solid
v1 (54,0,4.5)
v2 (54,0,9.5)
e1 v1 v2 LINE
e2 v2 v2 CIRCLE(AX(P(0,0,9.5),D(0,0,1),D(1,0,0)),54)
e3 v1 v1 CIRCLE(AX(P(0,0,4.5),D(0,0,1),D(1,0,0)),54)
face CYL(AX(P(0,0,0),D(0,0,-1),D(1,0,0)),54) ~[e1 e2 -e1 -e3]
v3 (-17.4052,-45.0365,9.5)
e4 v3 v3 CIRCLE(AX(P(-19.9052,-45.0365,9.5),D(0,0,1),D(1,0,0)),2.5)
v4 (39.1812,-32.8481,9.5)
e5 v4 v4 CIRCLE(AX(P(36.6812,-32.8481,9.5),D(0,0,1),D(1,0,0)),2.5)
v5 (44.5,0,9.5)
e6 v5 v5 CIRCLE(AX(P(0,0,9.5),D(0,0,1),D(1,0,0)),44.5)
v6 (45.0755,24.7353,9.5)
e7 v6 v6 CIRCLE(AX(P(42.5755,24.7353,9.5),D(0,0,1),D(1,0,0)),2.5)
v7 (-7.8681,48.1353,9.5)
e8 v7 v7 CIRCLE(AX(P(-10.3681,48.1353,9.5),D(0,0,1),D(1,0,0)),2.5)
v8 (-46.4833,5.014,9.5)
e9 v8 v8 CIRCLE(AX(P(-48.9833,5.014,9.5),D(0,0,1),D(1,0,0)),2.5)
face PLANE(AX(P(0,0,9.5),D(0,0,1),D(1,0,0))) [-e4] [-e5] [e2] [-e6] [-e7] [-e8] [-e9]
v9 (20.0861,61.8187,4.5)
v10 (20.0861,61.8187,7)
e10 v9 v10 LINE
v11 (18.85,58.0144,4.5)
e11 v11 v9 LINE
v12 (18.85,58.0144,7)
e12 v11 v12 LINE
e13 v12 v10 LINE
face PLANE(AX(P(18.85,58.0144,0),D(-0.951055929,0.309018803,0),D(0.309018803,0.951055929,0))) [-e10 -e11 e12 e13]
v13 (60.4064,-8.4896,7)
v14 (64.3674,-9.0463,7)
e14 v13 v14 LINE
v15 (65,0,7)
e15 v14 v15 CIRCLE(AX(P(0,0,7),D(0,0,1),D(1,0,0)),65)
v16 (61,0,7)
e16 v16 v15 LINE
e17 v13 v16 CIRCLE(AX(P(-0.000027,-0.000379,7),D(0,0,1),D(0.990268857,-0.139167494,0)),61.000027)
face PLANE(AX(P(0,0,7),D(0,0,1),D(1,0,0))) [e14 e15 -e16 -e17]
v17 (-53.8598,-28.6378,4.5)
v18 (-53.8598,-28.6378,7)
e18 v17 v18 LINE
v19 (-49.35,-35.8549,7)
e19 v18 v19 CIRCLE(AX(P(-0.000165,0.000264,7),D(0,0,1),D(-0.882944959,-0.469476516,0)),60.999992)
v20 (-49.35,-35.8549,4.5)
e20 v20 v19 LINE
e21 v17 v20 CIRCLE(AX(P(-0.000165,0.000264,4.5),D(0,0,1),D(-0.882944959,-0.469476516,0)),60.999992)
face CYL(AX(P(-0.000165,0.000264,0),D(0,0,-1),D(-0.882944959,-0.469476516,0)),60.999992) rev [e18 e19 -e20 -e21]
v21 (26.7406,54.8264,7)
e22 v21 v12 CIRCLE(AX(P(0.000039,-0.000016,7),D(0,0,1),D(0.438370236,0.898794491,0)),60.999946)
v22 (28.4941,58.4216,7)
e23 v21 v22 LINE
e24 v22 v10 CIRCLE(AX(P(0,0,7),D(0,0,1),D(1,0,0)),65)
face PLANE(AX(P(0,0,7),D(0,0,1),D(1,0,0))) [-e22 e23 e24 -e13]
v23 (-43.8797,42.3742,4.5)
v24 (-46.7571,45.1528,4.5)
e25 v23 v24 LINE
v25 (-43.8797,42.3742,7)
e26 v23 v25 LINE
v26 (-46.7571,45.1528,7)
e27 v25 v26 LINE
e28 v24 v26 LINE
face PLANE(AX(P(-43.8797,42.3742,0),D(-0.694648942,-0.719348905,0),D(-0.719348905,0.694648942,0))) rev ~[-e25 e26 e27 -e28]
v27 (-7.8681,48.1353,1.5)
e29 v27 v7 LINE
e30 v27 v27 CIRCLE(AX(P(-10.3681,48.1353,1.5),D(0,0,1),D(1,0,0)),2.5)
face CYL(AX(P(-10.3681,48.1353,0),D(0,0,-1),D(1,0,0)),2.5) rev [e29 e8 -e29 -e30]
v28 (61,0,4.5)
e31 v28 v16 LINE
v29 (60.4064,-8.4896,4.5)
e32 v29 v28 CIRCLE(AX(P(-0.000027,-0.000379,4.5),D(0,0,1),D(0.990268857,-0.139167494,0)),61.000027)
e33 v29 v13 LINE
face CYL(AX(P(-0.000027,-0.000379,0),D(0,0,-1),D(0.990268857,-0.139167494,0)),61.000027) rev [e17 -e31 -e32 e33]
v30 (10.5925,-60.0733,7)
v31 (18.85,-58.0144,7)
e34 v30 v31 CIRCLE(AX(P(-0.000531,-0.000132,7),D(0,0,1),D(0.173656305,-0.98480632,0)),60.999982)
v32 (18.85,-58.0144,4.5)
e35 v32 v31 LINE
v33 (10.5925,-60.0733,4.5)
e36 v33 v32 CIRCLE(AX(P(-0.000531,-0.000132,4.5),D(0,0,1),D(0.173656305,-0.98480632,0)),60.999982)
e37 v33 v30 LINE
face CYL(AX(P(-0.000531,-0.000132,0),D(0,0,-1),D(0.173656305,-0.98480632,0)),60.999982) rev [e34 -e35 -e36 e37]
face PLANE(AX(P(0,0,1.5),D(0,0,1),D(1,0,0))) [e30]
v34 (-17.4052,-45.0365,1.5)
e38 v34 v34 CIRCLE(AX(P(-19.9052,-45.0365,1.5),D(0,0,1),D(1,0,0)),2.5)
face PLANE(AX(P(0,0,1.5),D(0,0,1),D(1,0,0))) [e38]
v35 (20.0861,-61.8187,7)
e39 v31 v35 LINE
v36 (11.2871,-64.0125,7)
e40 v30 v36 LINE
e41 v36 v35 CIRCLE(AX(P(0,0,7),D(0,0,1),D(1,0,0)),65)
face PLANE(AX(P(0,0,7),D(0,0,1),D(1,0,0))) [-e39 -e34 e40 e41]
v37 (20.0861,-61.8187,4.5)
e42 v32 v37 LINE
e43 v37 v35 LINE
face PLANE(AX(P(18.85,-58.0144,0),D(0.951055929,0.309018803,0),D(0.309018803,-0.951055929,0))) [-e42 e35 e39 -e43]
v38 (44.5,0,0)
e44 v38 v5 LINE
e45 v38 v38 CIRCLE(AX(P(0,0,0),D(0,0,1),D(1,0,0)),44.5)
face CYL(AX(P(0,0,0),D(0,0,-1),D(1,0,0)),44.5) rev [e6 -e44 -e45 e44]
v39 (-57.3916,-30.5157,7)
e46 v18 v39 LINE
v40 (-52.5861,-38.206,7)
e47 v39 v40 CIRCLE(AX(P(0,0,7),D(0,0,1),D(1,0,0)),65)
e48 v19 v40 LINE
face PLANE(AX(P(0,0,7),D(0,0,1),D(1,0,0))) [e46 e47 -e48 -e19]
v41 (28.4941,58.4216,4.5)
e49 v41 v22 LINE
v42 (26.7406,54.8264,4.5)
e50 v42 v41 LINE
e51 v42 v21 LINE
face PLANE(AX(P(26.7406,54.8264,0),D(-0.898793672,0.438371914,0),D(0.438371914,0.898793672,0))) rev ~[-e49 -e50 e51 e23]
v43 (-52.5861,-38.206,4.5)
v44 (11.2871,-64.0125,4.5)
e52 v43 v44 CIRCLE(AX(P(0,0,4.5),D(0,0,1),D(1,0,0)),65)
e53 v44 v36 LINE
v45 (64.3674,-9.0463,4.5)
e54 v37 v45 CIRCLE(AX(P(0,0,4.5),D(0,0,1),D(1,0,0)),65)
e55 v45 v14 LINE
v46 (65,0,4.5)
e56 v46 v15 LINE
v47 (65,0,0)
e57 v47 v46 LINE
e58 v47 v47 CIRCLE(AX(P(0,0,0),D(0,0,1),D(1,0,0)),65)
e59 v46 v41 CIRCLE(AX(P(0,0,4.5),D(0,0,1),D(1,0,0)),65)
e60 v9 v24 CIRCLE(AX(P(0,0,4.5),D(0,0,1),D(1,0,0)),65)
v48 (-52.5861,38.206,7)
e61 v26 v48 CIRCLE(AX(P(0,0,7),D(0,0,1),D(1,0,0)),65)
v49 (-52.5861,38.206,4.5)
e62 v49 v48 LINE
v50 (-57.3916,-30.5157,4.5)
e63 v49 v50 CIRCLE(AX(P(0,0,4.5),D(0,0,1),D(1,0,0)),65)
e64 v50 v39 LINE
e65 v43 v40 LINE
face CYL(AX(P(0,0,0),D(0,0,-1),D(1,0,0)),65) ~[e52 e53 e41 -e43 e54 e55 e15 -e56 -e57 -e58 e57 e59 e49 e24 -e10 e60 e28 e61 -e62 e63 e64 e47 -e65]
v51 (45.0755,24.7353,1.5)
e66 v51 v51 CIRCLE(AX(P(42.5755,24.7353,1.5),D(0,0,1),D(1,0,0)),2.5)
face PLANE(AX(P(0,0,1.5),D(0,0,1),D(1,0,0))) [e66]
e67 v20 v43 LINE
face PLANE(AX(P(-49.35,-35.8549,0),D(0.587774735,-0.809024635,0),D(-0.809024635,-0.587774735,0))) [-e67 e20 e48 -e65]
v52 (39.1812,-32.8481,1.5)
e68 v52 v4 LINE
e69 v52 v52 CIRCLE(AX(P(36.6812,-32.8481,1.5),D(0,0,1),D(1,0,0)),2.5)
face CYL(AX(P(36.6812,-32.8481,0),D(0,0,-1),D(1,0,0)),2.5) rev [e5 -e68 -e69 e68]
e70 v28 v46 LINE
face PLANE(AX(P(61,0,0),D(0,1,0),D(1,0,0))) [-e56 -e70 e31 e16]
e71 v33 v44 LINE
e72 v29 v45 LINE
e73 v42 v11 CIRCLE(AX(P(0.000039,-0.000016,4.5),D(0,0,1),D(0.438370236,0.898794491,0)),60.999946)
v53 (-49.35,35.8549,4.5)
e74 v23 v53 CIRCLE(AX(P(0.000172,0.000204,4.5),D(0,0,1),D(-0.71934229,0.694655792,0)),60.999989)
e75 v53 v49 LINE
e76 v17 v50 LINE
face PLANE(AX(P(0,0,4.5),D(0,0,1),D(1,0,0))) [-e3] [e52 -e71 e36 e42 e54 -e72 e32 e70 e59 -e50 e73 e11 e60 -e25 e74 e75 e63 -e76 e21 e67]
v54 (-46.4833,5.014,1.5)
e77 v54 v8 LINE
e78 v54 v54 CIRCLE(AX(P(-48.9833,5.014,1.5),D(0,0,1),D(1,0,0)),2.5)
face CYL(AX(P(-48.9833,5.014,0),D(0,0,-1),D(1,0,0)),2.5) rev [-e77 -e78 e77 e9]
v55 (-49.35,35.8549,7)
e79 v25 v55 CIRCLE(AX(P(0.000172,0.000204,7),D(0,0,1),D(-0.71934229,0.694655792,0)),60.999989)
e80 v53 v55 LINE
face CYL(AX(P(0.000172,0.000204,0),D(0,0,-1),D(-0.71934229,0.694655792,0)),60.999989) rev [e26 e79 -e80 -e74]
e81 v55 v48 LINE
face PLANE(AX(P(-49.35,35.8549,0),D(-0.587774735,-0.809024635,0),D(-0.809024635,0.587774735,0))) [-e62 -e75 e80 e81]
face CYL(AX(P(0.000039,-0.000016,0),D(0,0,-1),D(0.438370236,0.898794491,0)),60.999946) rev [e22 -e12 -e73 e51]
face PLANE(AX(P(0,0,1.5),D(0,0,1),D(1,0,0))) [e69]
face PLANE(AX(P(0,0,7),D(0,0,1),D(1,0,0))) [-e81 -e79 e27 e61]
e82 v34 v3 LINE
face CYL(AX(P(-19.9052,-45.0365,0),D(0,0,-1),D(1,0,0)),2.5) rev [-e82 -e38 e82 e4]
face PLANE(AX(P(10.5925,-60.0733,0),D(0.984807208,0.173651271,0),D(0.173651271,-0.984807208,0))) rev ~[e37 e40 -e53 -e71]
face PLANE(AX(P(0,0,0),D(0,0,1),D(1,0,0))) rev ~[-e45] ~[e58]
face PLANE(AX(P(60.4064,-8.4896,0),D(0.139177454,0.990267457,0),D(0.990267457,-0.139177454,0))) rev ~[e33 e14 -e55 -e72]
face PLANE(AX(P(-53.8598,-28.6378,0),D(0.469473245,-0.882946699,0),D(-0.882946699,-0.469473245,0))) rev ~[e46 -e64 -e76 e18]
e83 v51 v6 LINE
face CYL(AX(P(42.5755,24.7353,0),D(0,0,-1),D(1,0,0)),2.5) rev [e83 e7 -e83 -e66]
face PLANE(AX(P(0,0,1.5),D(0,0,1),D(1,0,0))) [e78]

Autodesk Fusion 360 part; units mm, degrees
sketch "Sketch1" plane through (0, 0, 0) normal (0, 0, 1) x (1, 0, 0)
  circle A0 centre (0, 0) radius 65
  circle A1 centre (0, 0) radius 44.5
  circle A2 centre (0, 0) radius 54
  line L0 (44.5, 30.59) -> (44.5, 0) construction
  line L1 (-10.3681, 43.2753) -> (-10.3681, 52.9953) construction
  circle A3 centre (-10.3681, 48.1353) radius 2.5
  circle A4 centre (-48.9833, 5.014) radius 2.5
  circle A5 centre (-19.9052, -45.0365) radius 2.5
  circle A6 centre (36.6812, -32.8481) radius 2.5
  circle A7 centre (42.5755, 24.7353) radius 2.5
  line L2 (0, 0) -> (65, 0) construction
  line L3 (0, 0) -> (65, 0) construction
  line L4 (18.85, 58.0144) -> (20.0861, 61.8187)
  line L5 (26.7406, 54.8264) -> (28.4941, 58.4216)
  line L6 (-49.35, 35.8549) -> (-52.5861, 38.206)
  line L7 (-43.8797, 42.3742) -> (-46.7571, 45.1528)
  line L8 (-49.35, -35.8549) -> (-52.5861, -38.206)
  line L9 (-53.8598, -28.6378) -> (-57.3916, -30.5157)
  line L10 (18.85, -58.0144) -> (20.0861, -61.8187)
  line L11 (10.5925, -60.0733) -> (11.2871, -64.0125)
  line L12 (61, 0) -> (65, 0)
  line L13 (60.4064, -8.4896) -> (64.3674, -9.0463)
  arc A8 (26.7406, 54.8264) -> (18.85, 58.0144) centre (0, 0) ccw
  arc A9 (60.4064, -8.4896) -> (61, 0) centre (0, 0) ccw
  arc A10 (-43.8797, 42.3742) -> (-49.35, 35.8549) centre (0, 0) ccw
  arc A11 (-53.8598, -28.6378) -> (-49.35, -35.8549) centre (0, 0) ccw
  arc A12 (10.5925, -60.0733) -> (18.85, -58.0144) centre (0, 0) ccw
  line L14 (0, 0) -> (42.5755, 24.7353) construction
  line L15 (0, 0) -> (0, -65) construction
  dimension "d1" = 130
  dimension "d2" = 89
  dimension "d3" = 108
  dimension "d4" = 5
  dimension "d6" = 360
  dimension "d11" = 360
  dimension "d22" = 30.156
  dimension "d23" = 61
  dimension "d24" = 10
  dimension "d26" = 18
extrude "Extrude1" add sketch "Sketch1" along normal blind 7 contours A0 L12 L13 A9 | A0 L4 L5 A8 | A0 L10 L11 A12 | A0 L6 L7 A10 | A0 L8 L9 A11 makes body 1 at (64.8749, -4.0311, 4.6667) makes body 2 at (21.9942, 61.1658, 4.6667) makes body 3 at (16.2137, -62.9453, 4.6667) makes body 4 at (-51.9871, 39.0172, 4.6667) makes body 5 at (-53.1725, -37.3857, 4.6667)
extrude "Extrude2" add sketch "Sketch1" along normal blind 4.5 contours A0 L4 L5 L6 L7 L8 L9 L10 L11 L12 L13 A8 A9 A10 A11 A12 bodies 1 2 3 4 5
extrude "Extrude3" add sketch "Sketch1" along normal blind 9.5 contours A2 bodies 1
extrude "Extrude4" add sketch "Sketch1" along normal blind 1.5 contours A3 | A4 | A5 | A6 | A7 bodies 1
